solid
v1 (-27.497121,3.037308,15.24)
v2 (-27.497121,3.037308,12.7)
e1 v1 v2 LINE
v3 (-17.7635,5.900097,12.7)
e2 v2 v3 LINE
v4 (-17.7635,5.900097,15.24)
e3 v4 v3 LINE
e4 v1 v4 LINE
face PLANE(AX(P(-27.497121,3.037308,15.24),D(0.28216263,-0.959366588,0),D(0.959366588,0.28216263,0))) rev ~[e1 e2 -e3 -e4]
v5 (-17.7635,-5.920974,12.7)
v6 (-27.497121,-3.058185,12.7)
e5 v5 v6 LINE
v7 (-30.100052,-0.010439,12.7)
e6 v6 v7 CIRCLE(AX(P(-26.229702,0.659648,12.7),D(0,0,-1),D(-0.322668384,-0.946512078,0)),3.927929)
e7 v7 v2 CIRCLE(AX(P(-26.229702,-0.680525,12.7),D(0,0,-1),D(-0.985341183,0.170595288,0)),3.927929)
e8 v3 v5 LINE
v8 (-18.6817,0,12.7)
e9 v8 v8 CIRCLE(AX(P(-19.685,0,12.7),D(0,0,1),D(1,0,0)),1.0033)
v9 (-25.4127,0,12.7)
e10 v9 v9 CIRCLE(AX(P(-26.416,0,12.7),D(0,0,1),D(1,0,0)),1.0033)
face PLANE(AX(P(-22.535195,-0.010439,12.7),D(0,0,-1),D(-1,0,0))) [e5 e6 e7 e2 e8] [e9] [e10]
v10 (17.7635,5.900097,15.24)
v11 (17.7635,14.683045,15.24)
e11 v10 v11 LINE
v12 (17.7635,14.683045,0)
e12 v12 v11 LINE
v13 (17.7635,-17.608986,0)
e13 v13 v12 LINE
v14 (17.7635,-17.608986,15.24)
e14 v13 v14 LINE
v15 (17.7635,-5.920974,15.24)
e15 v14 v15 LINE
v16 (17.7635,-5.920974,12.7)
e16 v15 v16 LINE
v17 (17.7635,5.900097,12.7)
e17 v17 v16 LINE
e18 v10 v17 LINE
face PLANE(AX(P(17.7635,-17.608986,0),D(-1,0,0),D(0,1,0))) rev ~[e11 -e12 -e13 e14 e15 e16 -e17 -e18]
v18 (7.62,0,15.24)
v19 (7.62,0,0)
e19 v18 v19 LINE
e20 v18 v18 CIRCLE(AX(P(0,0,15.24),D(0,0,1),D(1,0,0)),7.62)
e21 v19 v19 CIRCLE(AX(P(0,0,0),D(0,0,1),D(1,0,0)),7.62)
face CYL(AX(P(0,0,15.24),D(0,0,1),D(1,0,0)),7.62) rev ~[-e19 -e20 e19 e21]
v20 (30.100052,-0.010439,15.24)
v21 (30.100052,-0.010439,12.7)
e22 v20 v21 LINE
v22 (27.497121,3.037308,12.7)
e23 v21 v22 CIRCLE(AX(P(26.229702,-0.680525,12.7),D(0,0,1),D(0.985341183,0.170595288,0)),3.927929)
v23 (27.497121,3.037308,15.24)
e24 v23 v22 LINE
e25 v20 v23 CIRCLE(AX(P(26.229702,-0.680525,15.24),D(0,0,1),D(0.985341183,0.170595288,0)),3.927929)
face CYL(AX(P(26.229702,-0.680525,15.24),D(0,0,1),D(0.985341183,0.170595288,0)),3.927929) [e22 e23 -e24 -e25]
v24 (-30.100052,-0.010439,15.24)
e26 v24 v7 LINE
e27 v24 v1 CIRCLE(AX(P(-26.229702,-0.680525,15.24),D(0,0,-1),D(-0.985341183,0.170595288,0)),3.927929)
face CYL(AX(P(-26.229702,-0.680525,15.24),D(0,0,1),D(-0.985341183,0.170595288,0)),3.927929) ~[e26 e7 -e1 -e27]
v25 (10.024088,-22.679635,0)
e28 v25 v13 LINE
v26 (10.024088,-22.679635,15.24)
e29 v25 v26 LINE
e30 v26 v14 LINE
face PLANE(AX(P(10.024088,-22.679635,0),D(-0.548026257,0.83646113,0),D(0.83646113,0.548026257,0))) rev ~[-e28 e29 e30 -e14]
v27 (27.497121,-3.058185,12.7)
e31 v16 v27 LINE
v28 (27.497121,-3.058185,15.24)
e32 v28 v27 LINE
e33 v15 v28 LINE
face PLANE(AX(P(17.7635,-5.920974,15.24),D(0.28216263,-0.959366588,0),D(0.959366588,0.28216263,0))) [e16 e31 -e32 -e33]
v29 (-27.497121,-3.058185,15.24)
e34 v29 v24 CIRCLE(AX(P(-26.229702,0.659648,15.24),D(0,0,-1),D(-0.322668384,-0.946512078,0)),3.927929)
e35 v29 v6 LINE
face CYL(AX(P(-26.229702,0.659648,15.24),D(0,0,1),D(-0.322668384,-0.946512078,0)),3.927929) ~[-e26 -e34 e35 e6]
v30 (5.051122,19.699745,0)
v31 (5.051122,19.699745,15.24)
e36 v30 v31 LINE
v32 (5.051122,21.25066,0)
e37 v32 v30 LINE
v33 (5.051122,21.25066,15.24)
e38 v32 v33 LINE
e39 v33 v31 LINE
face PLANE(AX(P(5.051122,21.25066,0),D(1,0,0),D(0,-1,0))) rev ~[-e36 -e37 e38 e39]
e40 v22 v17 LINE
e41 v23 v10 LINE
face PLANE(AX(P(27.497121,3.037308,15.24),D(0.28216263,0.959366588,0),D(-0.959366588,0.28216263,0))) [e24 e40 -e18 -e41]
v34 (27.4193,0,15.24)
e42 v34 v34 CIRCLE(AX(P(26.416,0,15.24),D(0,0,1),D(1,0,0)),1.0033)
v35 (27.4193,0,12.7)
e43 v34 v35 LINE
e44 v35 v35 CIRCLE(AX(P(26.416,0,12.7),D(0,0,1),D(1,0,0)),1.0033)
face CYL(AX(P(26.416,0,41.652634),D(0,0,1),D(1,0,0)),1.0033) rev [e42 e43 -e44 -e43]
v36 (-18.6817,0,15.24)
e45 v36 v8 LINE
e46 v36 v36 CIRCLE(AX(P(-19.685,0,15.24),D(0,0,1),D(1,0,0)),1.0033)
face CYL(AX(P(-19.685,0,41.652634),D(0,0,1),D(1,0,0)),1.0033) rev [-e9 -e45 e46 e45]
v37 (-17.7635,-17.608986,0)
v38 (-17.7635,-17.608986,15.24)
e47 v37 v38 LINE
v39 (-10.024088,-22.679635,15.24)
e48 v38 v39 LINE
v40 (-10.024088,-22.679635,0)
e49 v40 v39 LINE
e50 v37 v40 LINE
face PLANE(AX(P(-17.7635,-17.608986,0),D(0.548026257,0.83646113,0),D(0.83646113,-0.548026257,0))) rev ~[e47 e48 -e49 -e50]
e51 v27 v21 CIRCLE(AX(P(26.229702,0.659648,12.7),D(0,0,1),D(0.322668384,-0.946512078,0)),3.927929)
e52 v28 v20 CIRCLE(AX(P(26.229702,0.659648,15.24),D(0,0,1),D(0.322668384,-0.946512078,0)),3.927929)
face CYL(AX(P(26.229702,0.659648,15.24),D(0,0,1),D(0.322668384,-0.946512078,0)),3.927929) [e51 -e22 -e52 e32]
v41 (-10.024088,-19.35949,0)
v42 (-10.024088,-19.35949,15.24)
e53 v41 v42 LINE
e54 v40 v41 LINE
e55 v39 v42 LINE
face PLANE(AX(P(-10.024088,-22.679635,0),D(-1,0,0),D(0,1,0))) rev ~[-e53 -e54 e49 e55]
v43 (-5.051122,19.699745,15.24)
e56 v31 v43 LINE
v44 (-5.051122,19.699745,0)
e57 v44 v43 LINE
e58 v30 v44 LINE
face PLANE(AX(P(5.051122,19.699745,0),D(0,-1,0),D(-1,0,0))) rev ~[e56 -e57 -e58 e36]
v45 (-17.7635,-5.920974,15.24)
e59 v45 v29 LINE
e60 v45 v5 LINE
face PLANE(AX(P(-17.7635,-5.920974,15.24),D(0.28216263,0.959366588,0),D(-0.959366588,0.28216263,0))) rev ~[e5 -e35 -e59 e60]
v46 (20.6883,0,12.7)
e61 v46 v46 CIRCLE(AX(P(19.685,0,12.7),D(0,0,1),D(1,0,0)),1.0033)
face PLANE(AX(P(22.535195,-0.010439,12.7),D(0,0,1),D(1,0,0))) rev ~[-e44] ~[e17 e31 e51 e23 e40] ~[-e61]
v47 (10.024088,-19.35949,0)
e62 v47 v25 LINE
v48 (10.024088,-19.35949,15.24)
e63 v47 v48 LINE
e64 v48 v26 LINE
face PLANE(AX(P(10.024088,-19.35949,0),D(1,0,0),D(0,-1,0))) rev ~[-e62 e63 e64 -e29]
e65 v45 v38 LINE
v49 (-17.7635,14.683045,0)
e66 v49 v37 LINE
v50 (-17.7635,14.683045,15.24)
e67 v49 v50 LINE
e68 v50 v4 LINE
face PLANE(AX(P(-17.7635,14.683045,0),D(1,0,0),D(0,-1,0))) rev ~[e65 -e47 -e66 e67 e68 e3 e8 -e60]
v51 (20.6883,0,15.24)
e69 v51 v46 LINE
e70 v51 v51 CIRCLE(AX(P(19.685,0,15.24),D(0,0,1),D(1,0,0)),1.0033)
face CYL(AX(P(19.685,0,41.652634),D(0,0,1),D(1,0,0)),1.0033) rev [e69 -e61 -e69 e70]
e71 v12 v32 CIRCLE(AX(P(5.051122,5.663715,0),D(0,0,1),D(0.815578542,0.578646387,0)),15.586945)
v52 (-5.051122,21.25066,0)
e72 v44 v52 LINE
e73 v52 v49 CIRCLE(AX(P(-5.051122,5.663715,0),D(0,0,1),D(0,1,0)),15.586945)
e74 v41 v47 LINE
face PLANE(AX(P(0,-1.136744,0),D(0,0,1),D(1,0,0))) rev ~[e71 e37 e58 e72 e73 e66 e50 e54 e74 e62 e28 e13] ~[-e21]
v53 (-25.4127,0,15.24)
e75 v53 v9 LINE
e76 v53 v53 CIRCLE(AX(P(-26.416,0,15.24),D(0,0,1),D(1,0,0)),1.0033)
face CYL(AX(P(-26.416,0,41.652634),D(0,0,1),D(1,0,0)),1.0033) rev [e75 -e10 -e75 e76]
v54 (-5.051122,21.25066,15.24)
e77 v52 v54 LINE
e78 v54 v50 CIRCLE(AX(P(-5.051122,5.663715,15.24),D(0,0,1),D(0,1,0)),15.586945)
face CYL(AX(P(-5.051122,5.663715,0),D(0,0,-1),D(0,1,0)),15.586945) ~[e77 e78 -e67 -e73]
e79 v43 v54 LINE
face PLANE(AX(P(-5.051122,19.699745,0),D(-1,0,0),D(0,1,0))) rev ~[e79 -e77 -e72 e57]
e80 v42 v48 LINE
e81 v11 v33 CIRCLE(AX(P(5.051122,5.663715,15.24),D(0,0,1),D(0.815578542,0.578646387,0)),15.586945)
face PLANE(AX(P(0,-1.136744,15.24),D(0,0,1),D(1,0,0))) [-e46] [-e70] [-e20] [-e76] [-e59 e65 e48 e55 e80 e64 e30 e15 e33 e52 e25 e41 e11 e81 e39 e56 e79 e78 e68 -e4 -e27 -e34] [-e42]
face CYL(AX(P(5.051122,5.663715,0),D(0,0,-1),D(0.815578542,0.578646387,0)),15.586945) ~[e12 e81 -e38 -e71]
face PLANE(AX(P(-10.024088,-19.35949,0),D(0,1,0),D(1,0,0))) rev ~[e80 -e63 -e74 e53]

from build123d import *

# Parameters (mm, degrees)
BOSS_EXTRUDE2_DEPTH     = 15.24
SKETCH5_R               = 7.62
CUT_EXTRUDE2_DEPTH      = 15.24
BOSS_EXTRUDE3_DEPTH     = 2.54
CUT_EXTRUDE5_DEPTH      = 41.652633663
CUT_EXTRUDE5_DEPTH_BACK = 41.652633663
SKETCH7_R               = 1.0033


with BuildPart() as part:
    # Sketch1 → Boss-Extrude2 (new body)
    with BuildSketch(Plane.XY):
        with BuildLine():
            Line((-17.763499893, 14.683044609), (-17.763499893, -17.608986031))
            Line((-17.763499893, -17.608986031), (-10.024087591, -22.679635471))
            Line((-10.024087591, -22.679635471), (-10.024087591, -19.359490178))
            Line((-10.024087591, -19.359490178), (10.024087591, -19.359490178))
            Line((10.024087591, -19.359490178), (10.024087591, -22.679635471))
            Line((10.024087591, -22.679635471), (17.763499893, -17.608986031))
            Line((17.763499893, -17.608986031), (17.763499893, 14.683044609))
            ThreePointArc((17.763499893, 14.683044609), (12.2054587, 19.511759091), (5.051122326, 21.250660037))
            Line((5.051122326, 21.250660037), (5.051122326, 19.699745061))
            Line((5.051122326, 19.699745061), (-5.051122326, 19.699745061))
            Line((-5.051122326, 19.699745061), (-5.051122326, 21.250660037))
            ThreePointArc((-5.051122326, 21.250660037), (-12.2054587, 19.511759091), (-17.763499893, 14.683044609))
        make_face()
    extrude(amount=BOSS_EXTRUDE2_DEPTH)

    # Sketch5 → Cut-Extrude2 (cut)
    with BuildSketch(Plane.XY.offset(15.24)):
        Circle(SKETCH5_R)
    extrude(amount=-CUT_EXTRUDE2_DEPTH, mode=Mode.SUBTRACT)

    # Sketch6 → Boss-Extrude3 (add)
    with BuildSketch(Plane.XY.offset(15.24)):
        with BuildLine():
            Line((-27.497120647, 3.03730764), (-17.763499893, 5.900096548))
            Line((-17.763499893, 5.900096548), (-17.763499893, -5.920973667))
            Line((-17.763499893, -5.920973667), (-27.497120647, -3.058184758))
            ThreePointArc((-27.497120647, -3.058184758), (-29.216566103, -1.891287663), (-30.10005247, -0.010438559))
            ThreePointArc((-30.10005247, -0.010438559), (-29.216566103, 1.870410544), (-27.497120647, 3.03730764))
        make_face()
        with BuildLine():
            Line((27.497120647, 3.03730764), (17.763499893, 5.900096548))
            Line((17.763499893, 5.900096548), (17.763499893, -5.920973667))
            Line((17.763499893, -5.920973667), (27.497120647, -3.058184758))
            ThreePointArc((27.497120647, -3.058184758), (29.216566103, -1.891287663), (30.10005247, -0.010438559))
            ThreePointArc((30.10005247, -0.010438559), (29.216566103, 1.870410544), (27.497120647, 3.03730764))
        make_face()
    extrude(amount=-BOSS_EXTRUDE3_DEPTH)

    # Sketch7 → Cut-Extrude5 (cut, two sides: drawn at the far end of the back side and taken through both)
    with BuildSketch(Plane(origin=(0, 0, 0), x_dir=(-1, 0, 0), z_dir=(0, 0, -1)).offset(-CUT_EXTRUDE5_DEPTH_BACK)):
        with Locations(Location((-19.685, 0, 0), (0, 0, 180))):
            Circle(SKETCH7_R)
        with Locations(Location((-26.416, 0, 0), (0, 0, 180))):
            Circle(SKETCH7_R)
        with Locations(Location((19.685, 0, 0), (0, 0, 180))):
            Circle(SKETCH7_R)
        with Locations(Location((26.416, 0, 0), (0, 0, 180))):
            Circle(SKETCH7_R)
    extrude(amount=CUT_EXTRUDE5_DEPTH + CUT_EXTRUDE5_DEPTH_BACK, mode=Mode.SUBTRACT)


solid = part.part
